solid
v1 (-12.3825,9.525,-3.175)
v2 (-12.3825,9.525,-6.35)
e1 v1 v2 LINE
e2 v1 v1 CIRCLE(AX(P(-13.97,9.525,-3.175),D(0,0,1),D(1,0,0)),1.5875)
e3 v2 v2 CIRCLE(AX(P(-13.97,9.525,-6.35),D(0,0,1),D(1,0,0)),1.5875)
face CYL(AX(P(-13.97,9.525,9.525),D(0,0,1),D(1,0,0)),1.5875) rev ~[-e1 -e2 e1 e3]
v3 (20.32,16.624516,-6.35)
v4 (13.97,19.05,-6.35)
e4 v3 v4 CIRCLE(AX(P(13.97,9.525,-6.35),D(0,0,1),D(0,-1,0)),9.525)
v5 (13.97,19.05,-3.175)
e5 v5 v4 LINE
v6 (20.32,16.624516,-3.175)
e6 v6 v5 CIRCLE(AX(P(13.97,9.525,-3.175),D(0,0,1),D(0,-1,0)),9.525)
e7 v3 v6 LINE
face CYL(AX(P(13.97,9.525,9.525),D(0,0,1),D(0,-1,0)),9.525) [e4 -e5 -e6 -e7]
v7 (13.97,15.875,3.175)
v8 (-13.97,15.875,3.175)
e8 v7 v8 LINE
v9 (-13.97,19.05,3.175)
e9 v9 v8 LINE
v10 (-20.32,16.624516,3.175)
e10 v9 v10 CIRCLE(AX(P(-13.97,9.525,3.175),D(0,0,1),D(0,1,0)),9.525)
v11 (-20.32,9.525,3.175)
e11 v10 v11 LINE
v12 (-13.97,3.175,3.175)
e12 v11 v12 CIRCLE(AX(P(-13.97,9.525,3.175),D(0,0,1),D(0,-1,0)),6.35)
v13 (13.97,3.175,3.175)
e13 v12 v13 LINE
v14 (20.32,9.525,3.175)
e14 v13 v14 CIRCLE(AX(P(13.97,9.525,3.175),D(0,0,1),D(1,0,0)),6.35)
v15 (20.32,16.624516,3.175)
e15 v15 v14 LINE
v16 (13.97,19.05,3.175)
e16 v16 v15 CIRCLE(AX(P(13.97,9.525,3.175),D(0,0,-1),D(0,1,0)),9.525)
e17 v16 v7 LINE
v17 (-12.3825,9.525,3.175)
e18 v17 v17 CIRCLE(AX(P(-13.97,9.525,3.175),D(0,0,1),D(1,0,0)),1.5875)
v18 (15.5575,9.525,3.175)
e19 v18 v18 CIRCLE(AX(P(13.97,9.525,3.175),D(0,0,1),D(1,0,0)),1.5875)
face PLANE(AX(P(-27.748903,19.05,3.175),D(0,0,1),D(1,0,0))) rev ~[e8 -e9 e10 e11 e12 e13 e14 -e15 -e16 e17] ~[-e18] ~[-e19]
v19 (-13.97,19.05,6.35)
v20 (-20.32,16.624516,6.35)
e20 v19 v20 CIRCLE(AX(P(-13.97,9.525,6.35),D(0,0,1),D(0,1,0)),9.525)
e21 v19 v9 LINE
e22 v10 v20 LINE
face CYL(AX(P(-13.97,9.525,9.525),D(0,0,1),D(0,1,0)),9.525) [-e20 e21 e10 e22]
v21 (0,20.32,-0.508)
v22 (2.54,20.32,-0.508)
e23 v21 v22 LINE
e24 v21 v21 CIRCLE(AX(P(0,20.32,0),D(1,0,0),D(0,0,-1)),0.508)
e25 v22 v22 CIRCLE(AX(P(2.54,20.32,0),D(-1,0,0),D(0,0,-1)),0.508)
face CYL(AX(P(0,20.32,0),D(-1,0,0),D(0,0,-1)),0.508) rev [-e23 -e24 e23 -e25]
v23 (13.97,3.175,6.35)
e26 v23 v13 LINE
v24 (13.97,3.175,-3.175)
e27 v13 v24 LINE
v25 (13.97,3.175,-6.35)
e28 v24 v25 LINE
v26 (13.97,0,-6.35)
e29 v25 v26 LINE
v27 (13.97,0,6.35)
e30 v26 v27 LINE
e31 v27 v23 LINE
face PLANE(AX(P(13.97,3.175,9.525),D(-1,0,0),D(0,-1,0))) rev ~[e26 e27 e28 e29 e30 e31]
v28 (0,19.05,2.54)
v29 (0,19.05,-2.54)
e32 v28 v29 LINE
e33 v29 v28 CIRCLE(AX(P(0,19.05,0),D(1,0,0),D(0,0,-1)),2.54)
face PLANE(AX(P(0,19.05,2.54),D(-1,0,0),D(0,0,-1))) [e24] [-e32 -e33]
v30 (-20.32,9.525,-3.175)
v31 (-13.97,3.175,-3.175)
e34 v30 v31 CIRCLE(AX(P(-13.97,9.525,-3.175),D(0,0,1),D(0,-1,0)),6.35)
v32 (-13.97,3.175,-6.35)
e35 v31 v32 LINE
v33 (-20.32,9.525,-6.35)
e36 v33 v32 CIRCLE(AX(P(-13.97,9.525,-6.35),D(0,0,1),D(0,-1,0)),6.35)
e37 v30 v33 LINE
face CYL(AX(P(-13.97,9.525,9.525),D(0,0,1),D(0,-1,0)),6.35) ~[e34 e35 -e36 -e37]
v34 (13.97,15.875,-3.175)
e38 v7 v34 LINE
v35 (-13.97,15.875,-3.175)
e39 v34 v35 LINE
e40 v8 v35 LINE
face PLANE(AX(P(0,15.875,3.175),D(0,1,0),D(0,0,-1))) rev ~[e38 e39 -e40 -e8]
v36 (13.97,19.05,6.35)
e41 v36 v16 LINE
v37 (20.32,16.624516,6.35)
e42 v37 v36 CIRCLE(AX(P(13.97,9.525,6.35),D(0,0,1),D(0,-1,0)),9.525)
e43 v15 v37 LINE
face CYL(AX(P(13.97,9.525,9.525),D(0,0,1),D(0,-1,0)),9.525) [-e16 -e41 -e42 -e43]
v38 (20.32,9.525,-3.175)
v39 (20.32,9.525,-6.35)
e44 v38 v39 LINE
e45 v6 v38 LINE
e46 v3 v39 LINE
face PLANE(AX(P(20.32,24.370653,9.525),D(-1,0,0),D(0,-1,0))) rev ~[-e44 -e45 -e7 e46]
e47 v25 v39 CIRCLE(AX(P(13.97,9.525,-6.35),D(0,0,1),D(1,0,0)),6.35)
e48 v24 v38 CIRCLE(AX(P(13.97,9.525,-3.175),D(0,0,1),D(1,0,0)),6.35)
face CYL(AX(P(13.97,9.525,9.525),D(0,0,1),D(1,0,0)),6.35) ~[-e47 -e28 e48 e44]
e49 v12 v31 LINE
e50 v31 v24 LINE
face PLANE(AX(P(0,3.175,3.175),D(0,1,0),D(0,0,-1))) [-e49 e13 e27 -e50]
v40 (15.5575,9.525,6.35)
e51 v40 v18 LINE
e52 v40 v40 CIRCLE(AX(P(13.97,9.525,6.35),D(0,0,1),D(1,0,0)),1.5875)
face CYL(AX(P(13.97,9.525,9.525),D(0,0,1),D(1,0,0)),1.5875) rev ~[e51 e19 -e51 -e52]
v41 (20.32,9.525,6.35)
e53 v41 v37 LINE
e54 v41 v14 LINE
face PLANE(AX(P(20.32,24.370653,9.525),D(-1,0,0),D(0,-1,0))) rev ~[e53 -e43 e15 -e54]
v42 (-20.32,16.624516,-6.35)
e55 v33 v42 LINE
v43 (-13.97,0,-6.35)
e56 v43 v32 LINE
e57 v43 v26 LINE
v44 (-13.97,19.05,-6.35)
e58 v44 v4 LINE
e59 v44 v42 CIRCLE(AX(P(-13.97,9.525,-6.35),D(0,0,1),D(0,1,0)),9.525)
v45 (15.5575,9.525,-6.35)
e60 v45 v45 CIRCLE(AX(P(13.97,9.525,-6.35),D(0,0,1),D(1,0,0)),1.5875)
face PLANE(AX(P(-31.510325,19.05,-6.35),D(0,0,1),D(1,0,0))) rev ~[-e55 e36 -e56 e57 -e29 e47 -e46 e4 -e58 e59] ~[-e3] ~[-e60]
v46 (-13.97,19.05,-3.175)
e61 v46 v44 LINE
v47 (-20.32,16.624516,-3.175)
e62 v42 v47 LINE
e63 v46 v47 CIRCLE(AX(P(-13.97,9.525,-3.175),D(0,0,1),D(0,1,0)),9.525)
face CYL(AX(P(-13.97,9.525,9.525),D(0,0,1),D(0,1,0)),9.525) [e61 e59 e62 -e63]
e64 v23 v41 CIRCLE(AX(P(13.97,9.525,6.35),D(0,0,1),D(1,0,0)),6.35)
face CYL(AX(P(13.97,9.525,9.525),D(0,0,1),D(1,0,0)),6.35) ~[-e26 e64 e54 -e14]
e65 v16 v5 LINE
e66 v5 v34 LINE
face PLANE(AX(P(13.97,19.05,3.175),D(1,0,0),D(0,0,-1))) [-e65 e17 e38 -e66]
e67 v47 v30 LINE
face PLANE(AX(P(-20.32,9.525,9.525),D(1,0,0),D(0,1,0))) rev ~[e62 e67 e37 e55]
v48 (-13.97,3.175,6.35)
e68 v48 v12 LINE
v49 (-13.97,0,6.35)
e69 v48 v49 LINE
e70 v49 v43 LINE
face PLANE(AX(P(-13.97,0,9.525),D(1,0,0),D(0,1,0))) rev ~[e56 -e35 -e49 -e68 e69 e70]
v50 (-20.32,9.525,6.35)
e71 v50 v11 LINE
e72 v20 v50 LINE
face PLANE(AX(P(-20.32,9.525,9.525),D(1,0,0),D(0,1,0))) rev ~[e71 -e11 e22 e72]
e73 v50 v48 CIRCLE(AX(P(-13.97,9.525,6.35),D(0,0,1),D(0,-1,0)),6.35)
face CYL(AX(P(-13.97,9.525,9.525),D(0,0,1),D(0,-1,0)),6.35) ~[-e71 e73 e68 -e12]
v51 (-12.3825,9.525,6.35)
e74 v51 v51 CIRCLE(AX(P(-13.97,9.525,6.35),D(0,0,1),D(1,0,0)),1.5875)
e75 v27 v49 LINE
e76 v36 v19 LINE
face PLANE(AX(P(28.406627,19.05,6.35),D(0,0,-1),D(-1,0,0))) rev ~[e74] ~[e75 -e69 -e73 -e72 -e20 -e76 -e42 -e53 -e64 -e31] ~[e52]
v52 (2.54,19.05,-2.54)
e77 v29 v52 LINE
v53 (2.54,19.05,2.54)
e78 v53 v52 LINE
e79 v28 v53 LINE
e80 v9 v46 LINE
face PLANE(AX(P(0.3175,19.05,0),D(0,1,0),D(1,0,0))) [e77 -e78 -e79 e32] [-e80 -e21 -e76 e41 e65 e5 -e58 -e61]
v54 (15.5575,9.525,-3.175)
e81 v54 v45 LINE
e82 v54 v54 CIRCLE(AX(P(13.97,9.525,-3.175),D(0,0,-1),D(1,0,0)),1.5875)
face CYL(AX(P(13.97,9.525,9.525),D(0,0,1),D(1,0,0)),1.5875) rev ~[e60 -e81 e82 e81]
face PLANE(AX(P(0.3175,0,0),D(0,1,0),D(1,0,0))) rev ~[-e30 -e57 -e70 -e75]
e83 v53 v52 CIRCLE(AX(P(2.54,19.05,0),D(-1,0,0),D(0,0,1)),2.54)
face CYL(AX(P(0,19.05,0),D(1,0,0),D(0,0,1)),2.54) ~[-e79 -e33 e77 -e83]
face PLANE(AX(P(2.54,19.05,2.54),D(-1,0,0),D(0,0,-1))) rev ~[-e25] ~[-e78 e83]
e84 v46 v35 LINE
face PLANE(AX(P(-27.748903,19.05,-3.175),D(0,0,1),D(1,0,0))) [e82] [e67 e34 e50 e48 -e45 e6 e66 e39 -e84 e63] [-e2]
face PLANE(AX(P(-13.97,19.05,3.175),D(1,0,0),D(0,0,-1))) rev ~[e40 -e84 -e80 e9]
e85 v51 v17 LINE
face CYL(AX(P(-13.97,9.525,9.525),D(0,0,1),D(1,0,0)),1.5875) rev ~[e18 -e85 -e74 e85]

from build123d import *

# Parameters (mm, degrees)
SKETCH1_W           = 47.625
SKETCH1_H           = 19.05
BOSS_EXTRUDE1_DEPTH = 19.05
SKETCH2_R           = 1.5875
CUT_EXTRUDE1_DEPTH  = 19.05
SKETCH9_W           = 2.54
SKETCH9_H           = 5.08
BOSS_EXTRUDE2_DEPTH = 2.54
SKETCH3_R           = 0.508
SKETCH3_W           = 6.35
SKETCH3_H           = 12.7
CUT_EXTRUDE2_DEPTH  = 38.1
SKETCH4_W           = 15.197967332
SKETCH4_H           = 6.35
CUT_EXTRUDE3_DEPTH  = 43.18
CUT_EXTRUDE4_DEPTH  = 19.05
SKETCH7_W           = 13.77890267
SKETCH7_H           = 6.35
CUT_EXTRUDE5_DEPTH  = 3.81


with BuildPart() as part:
    # Sketch1 → Boss-Extrude1 (new body)
    with BuildSketch(Plane(origin=(0, 0, 0), x_dir=(1, 0, 0), z_dir=(0, 1, 0))):
        with Locations((0.3175, 0)):
            Rectangle(SKETCH1_W, SKETCH1_H)
    extrude(amount=BOSS_EXTRUDE1_DEPTH)

    # Sketch2 → Cut-Extrude1 (cut)
    with BuildSketch(Plane.XY.offset(9.525)):
        with Locations((-13.97, 9.525)):
            Circle(SKETCH2_R)
        with Locations((13.97, 9.525)):
            Circle(SKETCH2_R)
        with BuildLine():
            ThreePointArc((-13.97, 19.05), (-23.495, 9.525), (-13.97, 0))
            ThreePointArc((-13.97, 0), (-34.184765451, 9.525), (-13.97, 19.05))
        make_face()
        with BuildLine():
            ThreePointArc((13.97, 19.05), (34.184765451, 9.525), (13.97, 0))
            ThreePointArc((13.97, 0), (23.495, 9.525), (13.97, 19.05))
        make_face()
    extrude(amount=-CUT_EXTRUDE1_DEPTH, mode=Mode.SUBTRACT)

    # Sketch9 → Boss-Extrude2 (add)
    with BuildSketch(Plane(origin=(0, 19.05, 0), x_dir=(1, 0, 0), z_dir=(0, 1, 0))):
        with Locations((1.27, 0)):
            Rectangle(SKETCH9_W, SKETCH9_H)
    extrude(amount=BOSS_EXTRUDE2_DEPTH)

    # Sketch3 → Cut-Extrude2 (cut, symmetric)
    with BuildSketch(Plane(origin=(0, 0, 0), x_dir=(0, 0, -1), z_dir=(1, 0, 0))):
        with Locations((0, 20.32)):
            Circle(SKETCH3_R)
        with Locations((0, 9.525)):
            Rectangle(SKETCH3_W, SKETCH3_H)
        with BuildLine():
            ThreePointArc((-2.54, 19.05), (0, 21.59), (2.54, 19.05))
            ThreePointArc((2.54, 19.05), (0, 24.1080653), (-2.54, 19.05))
        make_face()
    extrude(amount=CUT_EXTRUDE2_DEPTH, both=True, mode=Mode.SUBTRACT)

    # Sketch4 → Cut-Extrude3 (cut)
    with BuildSketch(Plane(origin=(0, 19.05, 0), x_dir=(1, 0, 0), z_dir=(0, 1, 0))):
        Polygon((-29.361154188, -9.525), (-13.97, -9.525), (1.5875, -9.525), (28.406626571, -9.525), (28.406626571, -6.35), (1.5875, -6.35), (-13.97, -6.35), (-29.361154188, -6.35), align=None)
        Polygon((-13.97, 6.35), (-31.510324581, 6.35), (-31.510324581, 9.525), (-11.1125, 9.525), (1.5875, 9.525), (30.675017081, 9.525), (30.675017081, 6.35), (1.5875, 6.35), align=None)
        with Locations((21.568983666, 0)):
            Rectangle(SKETCH4_W, SKETCH4_H)
    extrude(amount=-CUT_EXTRUDE3_DEPTH, mode=Mode.SUBTRACT)

    # Sketch6 → Cut-Extrude4 (cut)
    with BuildSketch(Plane.XY.offset(9.525)):
        with BuildLine():
            Line((13.97, 0), (31.980086248, 0))
            Line((31.980086248, 0), (31.980086248, 3.175))
            Line((31.980086248, 3.175), (27.183594801, 13.808491056))
            Line((27.183594801, 13.808491056), (20.32, 24.370653281))
            Line((20.32, 24.370653281), (20.32, 9.525))
            ThreePointArc((20.32, 9.525), (18.460128061, 5.034871939), (13.97, 3.175))
            Line((13.97, 3.175), (13.97, 0))
        make_face()
        with BuildLine():
            Line((-13.97, 0), (-13.97, 3.175))
            ThreePointArc((-13.97, 3.175), (-18.460128061, 5.034871939), (-20.32, 9.525))
            Line((-20.32, 9.525), (-20.32, 20.942771878))
            Line((-20.32, 20.942771878), (-28.921644245, 11.767684684))
            Line((-28.921644245, 11.767684684), (-28.921644245, 0))
            Line((-28.921644245, 0), (-13.97, 0))
        make_face()
    extrude(amount=-CUT_EXTRUDE4_DEPTH, mode=Mode.SUBTRACT)

    # Sketch7 → Cut-Extrude5 (cut)
    with BuildSketch(Plane(origin=(0, 19.05, 0), x_dir=(1, 0, 0), z_dir=(0, 1, 0))):
        with Locations((-20.859451335, 0)):
            Rectangle(SKETCH7_W, SKETCH7_H)
    extrude(amount=-CUT_EXTRUDE5_DEPTH, mode=Mode.SUBTRACT)


solid = part.part
